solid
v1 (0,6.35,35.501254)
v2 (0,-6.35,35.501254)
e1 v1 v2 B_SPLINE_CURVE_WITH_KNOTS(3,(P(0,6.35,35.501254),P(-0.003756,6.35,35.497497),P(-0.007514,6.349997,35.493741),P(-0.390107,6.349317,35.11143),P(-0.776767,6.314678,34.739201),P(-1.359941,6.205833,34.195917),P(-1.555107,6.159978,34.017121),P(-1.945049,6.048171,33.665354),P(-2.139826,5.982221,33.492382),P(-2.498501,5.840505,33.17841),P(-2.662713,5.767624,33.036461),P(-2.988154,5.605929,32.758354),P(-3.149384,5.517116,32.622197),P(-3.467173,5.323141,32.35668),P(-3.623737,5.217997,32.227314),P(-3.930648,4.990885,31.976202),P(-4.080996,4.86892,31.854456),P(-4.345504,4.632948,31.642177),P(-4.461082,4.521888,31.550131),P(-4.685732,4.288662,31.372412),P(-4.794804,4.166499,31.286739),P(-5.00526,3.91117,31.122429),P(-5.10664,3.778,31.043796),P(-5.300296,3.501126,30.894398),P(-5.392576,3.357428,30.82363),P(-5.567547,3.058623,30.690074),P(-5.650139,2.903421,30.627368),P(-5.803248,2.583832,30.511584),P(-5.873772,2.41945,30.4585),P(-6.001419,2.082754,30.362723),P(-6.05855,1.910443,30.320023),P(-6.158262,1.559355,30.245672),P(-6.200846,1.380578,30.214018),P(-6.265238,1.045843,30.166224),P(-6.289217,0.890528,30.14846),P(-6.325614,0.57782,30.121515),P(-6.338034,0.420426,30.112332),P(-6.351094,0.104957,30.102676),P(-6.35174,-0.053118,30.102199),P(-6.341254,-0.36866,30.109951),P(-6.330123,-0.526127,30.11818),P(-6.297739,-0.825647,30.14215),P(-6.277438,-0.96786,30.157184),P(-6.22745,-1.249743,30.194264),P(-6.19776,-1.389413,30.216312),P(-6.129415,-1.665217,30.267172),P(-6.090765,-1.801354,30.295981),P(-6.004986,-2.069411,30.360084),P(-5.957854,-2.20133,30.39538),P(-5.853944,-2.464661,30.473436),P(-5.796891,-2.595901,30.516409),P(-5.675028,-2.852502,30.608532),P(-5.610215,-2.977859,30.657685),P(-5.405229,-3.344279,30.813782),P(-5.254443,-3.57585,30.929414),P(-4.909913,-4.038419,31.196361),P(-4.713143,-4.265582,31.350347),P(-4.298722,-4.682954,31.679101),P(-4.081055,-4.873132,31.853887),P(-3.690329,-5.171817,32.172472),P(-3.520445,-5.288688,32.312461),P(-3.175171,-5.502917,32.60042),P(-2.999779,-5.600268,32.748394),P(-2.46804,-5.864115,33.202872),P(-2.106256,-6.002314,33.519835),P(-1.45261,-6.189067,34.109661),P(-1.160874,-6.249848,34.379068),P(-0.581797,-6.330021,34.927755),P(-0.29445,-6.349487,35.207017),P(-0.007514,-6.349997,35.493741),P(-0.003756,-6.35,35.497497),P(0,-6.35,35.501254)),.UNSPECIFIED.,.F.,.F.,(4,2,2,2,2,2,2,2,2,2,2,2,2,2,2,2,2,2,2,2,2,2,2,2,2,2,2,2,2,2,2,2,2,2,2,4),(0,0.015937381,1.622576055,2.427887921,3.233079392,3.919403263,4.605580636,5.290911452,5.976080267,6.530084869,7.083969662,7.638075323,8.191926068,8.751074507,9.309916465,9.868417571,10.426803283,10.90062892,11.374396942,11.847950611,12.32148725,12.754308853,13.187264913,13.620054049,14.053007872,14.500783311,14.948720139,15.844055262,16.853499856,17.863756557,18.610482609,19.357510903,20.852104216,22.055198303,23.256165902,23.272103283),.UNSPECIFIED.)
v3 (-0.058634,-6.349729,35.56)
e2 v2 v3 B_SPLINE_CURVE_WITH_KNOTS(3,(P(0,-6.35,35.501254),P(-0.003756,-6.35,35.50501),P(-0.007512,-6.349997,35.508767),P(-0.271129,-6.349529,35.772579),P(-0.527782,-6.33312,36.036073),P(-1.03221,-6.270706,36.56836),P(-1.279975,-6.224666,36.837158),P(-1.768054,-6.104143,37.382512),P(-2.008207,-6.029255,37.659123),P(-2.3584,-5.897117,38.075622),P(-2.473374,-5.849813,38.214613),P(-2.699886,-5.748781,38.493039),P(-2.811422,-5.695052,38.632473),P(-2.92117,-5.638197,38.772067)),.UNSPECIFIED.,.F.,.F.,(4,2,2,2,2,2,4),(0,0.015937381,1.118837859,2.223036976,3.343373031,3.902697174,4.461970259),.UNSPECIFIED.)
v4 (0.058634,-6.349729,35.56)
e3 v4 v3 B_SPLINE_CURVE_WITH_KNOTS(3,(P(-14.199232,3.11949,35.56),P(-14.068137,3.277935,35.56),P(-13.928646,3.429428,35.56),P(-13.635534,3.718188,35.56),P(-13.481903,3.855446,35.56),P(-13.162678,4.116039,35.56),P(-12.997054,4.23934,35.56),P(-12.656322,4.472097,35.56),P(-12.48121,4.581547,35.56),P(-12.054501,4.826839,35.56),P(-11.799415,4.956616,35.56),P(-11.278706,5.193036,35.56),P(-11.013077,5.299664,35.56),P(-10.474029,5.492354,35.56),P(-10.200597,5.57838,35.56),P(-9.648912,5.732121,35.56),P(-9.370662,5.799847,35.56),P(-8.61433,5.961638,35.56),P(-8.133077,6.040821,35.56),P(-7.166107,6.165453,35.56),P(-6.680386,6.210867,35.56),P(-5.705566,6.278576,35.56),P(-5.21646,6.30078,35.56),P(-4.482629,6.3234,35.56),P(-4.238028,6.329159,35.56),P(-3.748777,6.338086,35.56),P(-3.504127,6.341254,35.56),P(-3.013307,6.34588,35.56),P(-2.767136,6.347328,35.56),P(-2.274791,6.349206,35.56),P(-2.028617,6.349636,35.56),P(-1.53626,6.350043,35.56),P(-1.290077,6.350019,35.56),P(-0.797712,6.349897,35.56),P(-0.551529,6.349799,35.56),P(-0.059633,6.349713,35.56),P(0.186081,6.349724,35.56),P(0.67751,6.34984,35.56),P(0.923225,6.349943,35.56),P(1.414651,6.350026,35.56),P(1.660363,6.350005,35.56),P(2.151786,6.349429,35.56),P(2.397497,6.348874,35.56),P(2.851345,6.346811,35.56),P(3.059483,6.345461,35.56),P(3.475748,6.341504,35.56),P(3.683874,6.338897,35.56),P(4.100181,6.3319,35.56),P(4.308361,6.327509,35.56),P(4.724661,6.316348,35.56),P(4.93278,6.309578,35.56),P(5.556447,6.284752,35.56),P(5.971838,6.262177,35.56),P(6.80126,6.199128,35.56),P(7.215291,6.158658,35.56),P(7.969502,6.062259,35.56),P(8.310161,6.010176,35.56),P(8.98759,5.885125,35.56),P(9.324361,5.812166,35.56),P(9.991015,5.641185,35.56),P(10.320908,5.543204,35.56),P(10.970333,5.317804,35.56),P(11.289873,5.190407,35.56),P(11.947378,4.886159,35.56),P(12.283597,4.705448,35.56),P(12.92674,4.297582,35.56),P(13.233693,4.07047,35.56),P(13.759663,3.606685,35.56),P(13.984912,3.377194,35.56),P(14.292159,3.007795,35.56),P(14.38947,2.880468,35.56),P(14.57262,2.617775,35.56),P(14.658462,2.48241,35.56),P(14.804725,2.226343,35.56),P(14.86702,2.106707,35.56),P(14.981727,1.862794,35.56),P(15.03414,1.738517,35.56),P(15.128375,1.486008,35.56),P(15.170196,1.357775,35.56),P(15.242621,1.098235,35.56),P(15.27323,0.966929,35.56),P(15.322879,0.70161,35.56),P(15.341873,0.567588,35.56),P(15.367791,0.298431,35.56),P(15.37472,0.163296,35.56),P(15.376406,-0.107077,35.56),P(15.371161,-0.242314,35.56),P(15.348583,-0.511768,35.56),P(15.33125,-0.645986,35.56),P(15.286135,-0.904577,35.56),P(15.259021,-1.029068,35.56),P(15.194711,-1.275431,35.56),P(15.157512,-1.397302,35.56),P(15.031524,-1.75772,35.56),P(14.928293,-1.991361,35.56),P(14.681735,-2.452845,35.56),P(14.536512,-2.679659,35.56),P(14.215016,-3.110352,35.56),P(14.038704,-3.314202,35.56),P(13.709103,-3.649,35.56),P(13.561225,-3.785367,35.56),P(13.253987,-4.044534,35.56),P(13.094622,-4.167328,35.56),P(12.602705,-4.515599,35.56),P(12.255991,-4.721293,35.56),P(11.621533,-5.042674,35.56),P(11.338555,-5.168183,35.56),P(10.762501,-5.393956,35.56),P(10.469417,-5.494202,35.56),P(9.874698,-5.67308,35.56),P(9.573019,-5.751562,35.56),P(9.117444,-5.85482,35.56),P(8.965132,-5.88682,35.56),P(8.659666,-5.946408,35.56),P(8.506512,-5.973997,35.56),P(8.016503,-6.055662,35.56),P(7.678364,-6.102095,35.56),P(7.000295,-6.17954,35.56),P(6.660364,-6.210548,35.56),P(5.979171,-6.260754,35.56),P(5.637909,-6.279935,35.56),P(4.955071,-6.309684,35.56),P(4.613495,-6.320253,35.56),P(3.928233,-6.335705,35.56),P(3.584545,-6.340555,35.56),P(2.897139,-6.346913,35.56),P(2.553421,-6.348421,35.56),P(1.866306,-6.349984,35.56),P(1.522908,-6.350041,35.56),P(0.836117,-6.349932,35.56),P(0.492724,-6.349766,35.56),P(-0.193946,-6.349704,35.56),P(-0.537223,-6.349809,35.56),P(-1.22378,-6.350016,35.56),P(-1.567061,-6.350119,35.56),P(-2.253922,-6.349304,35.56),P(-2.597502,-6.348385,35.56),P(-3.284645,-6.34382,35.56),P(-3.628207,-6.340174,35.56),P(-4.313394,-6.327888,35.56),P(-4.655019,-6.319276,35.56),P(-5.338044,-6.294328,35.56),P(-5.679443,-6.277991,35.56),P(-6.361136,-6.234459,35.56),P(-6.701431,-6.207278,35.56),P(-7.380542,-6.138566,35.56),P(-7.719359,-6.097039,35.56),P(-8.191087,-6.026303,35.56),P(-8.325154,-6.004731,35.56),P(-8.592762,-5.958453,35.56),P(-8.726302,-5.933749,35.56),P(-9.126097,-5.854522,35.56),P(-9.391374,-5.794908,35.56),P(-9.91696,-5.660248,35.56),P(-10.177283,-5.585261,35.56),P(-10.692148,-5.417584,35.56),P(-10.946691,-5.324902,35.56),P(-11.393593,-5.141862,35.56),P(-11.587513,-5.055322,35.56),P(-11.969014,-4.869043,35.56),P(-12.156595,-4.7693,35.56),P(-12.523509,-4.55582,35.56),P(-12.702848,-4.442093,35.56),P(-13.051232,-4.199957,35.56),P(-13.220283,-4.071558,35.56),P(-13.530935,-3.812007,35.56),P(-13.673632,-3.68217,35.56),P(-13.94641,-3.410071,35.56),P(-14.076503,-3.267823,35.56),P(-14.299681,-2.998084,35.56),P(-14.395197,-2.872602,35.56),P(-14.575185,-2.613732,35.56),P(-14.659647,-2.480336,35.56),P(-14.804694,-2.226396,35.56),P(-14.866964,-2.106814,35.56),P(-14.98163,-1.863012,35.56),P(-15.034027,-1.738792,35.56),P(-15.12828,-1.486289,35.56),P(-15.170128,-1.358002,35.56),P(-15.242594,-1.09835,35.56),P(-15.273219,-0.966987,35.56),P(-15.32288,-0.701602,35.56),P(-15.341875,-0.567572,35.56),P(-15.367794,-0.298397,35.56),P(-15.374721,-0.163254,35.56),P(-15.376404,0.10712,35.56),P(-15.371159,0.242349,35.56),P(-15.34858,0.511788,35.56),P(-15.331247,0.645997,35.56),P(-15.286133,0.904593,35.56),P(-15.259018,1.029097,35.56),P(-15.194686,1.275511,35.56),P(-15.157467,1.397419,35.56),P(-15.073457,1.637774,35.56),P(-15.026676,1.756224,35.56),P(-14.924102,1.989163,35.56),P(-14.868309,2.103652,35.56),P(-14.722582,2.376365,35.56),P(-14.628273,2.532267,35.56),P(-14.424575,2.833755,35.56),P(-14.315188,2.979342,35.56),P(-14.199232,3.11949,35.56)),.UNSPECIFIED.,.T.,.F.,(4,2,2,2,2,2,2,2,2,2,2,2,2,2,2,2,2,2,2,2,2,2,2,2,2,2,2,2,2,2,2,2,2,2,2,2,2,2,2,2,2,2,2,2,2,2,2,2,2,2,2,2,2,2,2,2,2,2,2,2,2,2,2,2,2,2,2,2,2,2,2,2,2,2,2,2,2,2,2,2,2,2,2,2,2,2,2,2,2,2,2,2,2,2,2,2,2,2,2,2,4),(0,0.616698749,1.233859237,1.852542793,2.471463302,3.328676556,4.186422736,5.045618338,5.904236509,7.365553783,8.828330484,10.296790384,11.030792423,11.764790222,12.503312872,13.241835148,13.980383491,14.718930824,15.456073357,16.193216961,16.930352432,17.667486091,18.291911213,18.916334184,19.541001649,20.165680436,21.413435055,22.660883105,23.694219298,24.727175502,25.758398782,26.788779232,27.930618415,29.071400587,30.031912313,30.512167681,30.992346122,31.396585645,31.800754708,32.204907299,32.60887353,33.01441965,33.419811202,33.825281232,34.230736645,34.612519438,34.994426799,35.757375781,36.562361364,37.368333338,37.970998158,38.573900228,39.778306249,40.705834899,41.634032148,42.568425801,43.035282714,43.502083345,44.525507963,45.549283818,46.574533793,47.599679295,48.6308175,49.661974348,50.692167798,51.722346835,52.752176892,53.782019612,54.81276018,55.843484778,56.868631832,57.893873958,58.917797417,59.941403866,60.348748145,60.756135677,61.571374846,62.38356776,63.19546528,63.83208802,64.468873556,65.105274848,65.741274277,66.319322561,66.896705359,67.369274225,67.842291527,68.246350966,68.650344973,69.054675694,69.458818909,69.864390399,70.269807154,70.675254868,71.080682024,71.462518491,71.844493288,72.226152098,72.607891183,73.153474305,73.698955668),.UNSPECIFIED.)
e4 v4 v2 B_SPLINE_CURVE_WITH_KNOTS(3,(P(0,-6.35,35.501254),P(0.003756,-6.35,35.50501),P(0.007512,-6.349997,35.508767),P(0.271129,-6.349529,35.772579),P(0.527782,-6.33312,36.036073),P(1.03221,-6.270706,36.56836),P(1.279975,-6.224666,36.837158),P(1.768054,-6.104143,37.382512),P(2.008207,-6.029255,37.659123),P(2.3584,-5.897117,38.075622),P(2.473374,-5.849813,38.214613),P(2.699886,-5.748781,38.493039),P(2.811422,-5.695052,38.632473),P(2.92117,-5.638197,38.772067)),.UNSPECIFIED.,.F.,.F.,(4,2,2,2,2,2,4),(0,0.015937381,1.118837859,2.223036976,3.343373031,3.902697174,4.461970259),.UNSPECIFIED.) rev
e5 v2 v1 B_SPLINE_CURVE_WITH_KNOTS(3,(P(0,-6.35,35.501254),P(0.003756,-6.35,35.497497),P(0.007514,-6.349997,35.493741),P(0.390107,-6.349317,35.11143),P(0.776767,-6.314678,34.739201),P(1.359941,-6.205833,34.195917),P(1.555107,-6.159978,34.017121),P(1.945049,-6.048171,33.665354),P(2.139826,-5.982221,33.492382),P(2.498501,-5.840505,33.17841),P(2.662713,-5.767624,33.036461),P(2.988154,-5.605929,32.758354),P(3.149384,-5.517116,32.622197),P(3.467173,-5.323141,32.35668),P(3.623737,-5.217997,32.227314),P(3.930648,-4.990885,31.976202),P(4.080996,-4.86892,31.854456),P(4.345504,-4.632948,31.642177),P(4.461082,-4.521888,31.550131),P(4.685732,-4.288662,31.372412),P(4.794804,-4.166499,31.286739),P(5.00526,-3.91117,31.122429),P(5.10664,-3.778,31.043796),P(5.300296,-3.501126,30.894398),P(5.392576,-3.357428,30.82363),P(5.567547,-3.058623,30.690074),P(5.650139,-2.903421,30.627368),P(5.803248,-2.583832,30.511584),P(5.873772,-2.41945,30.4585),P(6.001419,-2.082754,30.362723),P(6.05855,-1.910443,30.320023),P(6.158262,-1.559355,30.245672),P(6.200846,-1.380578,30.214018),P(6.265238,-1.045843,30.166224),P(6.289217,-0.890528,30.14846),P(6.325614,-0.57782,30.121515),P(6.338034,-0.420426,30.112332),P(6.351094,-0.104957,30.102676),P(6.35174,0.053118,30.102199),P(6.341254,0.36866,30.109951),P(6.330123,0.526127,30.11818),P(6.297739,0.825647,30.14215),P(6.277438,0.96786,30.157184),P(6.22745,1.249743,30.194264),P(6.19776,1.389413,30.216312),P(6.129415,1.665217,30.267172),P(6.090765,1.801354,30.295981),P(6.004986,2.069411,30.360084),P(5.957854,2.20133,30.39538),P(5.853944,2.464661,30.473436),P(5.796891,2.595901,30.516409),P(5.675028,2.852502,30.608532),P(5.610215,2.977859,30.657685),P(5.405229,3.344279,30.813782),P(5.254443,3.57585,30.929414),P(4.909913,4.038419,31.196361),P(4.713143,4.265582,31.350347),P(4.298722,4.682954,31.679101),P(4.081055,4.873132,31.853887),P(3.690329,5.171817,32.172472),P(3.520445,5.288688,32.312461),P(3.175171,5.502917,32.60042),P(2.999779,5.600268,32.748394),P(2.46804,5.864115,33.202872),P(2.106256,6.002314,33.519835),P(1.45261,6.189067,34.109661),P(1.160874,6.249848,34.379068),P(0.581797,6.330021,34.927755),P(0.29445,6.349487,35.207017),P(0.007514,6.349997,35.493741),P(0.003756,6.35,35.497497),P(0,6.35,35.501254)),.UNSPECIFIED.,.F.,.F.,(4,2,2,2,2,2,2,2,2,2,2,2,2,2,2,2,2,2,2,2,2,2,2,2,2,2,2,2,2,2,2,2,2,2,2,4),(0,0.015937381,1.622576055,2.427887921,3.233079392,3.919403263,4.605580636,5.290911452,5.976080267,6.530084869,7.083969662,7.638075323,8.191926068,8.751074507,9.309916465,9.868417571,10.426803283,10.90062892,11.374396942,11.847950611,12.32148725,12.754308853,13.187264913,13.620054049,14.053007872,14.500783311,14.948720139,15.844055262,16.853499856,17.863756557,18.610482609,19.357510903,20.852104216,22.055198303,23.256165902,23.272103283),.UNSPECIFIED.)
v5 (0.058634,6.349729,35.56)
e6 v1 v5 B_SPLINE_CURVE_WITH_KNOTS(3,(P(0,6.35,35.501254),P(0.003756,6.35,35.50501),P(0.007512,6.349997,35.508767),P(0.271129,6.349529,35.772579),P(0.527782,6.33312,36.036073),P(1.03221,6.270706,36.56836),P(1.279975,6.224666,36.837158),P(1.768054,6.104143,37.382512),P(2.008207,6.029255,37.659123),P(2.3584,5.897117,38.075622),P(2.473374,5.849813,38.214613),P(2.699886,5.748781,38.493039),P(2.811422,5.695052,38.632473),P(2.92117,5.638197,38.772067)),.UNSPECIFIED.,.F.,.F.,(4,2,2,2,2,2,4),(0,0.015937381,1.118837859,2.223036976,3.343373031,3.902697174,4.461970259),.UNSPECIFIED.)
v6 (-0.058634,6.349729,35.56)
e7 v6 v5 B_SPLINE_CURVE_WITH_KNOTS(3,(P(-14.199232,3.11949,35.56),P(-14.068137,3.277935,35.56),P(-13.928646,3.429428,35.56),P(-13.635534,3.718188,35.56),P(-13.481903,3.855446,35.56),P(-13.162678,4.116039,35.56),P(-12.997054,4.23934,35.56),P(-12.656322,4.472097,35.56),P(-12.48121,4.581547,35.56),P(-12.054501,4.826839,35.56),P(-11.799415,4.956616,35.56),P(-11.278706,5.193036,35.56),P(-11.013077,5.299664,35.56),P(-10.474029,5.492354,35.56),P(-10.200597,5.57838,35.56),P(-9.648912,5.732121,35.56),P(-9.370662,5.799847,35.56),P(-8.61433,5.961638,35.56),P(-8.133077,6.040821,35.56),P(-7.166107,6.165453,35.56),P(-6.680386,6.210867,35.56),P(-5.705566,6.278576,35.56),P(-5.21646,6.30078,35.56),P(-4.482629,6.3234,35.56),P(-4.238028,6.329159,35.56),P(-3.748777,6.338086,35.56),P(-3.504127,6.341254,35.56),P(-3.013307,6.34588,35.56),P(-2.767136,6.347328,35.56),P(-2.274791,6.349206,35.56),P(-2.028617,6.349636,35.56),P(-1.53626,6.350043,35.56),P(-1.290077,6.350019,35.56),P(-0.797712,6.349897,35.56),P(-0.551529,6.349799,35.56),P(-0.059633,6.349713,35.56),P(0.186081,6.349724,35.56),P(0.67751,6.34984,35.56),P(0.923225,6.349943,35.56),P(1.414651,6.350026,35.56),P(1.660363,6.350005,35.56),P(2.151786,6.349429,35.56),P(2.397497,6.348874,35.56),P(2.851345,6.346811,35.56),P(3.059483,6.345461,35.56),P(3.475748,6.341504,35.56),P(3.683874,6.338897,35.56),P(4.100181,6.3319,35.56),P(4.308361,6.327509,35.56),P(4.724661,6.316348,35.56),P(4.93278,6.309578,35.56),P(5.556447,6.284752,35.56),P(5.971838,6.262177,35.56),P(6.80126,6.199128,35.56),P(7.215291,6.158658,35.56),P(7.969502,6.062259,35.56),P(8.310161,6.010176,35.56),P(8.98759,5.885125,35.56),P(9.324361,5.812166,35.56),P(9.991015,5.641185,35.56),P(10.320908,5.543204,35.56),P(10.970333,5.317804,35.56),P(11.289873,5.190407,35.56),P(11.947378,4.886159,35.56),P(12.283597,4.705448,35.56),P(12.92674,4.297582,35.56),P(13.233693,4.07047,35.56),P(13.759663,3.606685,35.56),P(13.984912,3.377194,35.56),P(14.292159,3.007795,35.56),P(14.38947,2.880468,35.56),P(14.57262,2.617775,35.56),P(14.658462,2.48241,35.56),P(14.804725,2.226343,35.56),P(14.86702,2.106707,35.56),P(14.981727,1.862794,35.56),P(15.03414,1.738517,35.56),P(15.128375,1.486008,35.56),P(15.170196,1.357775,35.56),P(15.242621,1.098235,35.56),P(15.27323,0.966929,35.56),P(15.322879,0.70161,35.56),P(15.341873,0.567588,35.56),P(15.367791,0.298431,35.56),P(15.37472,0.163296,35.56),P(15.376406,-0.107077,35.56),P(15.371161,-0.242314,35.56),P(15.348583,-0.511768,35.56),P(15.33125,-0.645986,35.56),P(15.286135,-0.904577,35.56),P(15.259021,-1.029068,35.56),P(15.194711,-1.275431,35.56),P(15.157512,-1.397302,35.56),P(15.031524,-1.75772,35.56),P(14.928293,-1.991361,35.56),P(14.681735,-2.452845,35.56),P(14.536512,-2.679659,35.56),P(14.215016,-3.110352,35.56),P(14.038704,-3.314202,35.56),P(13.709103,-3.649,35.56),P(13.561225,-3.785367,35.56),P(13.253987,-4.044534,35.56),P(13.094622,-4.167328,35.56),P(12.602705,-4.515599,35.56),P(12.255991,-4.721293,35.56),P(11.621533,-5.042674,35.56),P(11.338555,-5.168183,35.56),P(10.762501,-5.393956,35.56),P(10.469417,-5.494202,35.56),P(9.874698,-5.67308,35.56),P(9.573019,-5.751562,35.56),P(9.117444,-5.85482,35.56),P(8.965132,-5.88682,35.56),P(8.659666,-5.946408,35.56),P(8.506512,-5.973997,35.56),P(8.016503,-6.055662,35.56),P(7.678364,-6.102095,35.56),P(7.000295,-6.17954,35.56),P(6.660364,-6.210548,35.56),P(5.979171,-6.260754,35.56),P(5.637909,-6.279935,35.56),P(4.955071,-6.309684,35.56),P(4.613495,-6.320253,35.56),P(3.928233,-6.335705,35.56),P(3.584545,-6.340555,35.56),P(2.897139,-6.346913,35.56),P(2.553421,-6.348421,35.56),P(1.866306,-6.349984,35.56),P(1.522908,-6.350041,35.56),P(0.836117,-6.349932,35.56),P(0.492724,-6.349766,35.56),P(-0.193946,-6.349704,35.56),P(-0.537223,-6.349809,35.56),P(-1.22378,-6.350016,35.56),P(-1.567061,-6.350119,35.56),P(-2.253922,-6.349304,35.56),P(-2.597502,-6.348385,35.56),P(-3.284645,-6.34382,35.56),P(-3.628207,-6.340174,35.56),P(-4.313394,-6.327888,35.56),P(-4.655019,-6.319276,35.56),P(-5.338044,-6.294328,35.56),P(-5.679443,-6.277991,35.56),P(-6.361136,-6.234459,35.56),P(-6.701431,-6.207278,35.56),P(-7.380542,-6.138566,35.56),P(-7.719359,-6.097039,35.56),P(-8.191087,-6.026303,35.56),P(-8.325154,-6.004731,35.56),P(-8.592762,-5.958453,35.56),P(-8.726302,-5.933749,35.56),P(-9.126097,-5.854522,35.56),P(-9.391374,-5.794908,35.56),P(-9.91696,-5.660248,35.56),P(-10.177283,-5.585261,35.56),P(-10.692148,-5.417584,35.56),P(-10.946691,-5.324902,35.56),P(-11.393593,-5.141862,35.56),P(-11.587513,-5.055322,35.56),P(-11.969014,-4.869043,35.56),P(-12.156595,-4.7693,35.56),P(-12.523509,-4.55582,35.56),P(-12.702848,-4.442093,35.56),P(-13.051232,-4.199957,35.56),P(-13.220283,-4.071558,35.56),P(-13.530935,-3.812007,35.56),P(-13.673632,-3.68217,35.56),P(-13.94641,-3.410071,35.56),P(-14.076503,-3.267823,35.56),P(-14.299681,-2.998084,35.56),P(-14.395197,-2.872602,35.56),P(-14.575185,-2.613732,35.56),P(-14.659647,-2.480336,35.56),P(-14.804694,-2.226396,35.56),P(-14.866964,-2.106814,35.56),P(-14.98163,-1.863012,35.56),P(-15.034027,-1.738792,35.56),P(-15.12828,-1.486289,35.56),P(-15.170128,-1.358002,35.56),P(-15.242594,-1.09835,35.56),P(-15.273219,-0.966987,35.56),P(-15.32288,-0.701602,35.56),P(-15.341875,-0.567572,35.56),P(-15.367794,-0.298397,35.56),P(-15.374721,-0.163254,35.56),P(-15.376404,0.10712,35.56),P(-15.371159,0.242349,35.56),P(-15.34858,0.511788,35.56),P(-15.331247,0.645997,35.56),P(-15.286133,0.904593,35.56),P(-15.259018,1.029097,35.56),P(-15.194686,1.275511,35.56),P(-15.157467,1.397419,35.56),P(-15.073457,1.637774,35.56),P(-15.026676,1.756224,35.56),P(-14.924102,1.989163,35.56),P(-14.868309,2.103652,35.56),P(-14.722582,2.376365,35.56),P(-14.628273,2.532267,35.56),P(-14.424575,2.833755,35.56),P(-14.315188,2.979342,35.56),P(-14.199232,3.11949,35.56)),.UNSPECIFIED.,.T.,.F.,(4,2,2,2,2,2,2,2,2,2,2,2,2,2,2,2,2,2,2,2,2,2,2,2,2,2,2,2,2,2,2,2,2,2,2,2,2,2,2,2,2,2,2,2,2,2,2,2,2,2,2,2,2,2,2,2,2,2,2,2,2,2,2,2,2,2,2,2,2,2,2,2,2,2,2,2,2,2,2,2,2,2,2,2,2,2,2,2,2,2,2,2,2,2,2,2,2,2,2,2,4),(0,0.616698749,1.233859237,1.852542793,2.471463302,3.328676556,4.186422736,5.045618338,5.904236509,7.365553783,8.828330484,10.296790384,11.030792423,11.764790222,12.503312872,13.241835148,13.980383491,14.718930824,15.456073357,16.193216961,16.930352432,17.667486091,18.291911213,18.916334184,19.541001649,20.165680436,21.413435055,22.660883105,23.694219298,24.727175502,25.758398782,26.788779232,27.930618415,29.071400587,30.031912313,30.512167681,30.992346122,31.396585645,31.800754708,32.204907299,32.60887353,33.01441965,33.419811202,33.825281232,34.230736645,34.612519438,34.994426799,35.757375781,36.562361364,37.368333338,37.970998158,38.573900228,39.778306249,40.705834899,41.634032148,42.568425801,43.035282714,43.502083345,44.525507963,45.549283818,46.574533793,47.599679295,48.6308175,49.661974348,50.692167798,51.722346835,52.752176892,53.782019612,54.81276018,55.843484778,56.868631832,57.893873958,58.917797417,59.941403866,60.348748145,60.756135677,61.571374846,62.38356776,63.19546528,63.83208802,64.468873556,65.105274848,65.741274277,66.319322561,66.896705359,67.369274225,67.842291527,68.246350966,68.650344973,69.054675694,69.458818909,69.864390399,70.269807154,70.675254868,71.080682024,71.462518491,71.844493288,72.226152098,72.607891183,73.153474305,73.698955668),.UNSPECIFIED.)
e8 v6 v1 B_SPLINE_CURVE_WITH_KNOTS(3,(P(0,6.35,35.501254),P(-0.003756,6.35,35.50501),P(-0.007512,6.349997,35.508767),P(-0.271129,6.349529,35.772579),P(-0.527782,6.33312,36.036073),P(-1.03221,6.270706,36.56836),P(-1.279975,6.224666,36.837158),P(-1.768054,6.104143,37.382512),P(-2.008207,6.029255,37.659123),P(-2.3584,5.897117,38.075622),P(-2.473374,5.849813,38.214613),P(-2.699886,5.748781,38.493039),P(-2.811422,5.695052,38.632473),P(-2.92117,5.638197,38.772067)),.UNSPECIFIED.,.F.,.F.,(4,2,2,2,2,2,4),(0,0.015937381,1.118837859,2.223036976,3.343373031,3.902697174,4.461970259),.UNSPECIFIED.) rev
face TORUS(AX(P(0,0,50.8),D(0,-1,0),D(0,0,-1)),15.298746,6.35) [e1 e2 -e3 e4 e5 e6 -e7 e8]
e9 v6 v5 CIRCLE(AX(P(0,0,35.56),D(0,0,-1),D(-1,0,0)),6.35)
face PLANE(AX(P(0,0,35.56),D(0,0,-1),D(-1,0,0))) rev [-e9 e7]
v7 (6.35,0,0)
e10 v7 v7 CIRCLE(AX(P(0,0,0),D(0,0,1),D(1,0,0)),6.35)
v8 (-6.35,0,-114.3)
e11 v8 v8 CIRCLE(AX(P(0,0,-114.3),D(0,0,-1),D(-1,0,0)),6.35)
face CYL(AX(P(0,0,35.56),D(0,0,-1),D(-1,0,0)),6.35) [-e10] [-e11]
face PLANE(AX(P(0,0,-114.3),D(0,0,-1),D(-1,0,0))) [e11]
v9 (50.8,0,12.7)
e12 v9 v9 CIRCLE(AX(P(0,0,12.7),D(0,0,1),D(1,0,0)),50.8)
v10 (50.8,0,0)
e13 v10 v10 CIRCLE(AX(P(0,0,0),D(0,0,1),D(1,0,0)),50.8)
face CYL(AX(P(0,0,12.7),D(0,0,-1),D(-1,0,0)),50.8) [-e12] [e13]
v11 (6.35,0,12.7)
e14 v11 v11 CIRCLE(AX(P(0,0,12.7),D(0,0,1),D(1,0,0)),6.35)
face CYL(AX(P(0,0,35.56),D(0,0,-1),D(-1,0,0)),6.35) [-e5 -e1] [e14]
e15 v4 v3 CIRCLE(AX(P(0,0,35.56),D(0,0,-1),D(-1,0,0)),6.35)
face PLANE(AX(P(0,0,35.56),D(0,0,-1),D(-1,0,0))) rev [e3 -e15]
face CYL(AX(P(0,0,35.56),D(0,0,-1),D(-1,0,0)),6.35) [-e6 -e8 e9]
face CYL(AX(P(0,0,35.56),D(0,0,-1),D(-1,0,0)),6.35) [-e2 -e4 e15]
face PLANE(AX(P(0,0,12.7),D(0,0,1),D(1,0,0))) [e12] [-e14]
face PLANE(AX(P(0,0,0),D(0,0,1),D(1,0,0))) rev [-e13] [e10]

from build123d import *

# Parameters (mm, degrees)
SKETCH1_R                = 50.8
BOSS_EXTRUDE1_DEPTH      = 12.7
SKETCH2_R                = 6.35
BOSS_EXTRUDE2_DEPTH      = 114.3
BOSS_EXTRUDE2_DEPTH_BACK = 35.56
SKETCH4_R                = 6.35


with BuildPart() as part:
    # Sketch1 → Boss-Extrude1 (new body)
    with BuildSketch(Plane.XY):
        Circle(SKETCH1_R)
    extrude(amount=BOSS_EXTRUDE1_DEPTH)

    # Sketch2 → Boss-Extrude2 (add, two sides)
    with BuildSketch(Plane(origin=(0, 0, 0), x_dir=(-1, 0, 0), z_dir=(0, 0, -1))) as boss_extrude2_sk:
        Circle(SKETCH2_R)
    extrude(amount=BOSS_EXTRUDE2_DEPTH)
    extrude(boss_extrude2_sk.sketch, amount=-BOSS_EXTRUDE2_DEPTH_BACK)

    # Sweep3: sweep along a path in Sketch3
    with BuildLine(Plane(origin=(0, 0, 0), x_dir=(1, 0, 0), z_dir=(0, 1, 0))) as sweep3_path:
        ThreePointArc((0, -66.04), (15.24, -50.8), (0, -35.56))
    # Sketch4 → Sweep3 (sweep)
    with BuildSketch(Plane.XY.offset(50.8)):
        with Locations((15.298746374, 0)):
            Circle(SKETCH4_R)
    sweep3 = sweep(path=sweep3_path.line)

    # Mirror1: Sweep3 across plane
    add(sweep3.mirror(Plane(origin=(0, 0, 66.098746374), x_dir=(0, 0, 1), z_dir=(-1, 0, 0))))


solid = part.part
